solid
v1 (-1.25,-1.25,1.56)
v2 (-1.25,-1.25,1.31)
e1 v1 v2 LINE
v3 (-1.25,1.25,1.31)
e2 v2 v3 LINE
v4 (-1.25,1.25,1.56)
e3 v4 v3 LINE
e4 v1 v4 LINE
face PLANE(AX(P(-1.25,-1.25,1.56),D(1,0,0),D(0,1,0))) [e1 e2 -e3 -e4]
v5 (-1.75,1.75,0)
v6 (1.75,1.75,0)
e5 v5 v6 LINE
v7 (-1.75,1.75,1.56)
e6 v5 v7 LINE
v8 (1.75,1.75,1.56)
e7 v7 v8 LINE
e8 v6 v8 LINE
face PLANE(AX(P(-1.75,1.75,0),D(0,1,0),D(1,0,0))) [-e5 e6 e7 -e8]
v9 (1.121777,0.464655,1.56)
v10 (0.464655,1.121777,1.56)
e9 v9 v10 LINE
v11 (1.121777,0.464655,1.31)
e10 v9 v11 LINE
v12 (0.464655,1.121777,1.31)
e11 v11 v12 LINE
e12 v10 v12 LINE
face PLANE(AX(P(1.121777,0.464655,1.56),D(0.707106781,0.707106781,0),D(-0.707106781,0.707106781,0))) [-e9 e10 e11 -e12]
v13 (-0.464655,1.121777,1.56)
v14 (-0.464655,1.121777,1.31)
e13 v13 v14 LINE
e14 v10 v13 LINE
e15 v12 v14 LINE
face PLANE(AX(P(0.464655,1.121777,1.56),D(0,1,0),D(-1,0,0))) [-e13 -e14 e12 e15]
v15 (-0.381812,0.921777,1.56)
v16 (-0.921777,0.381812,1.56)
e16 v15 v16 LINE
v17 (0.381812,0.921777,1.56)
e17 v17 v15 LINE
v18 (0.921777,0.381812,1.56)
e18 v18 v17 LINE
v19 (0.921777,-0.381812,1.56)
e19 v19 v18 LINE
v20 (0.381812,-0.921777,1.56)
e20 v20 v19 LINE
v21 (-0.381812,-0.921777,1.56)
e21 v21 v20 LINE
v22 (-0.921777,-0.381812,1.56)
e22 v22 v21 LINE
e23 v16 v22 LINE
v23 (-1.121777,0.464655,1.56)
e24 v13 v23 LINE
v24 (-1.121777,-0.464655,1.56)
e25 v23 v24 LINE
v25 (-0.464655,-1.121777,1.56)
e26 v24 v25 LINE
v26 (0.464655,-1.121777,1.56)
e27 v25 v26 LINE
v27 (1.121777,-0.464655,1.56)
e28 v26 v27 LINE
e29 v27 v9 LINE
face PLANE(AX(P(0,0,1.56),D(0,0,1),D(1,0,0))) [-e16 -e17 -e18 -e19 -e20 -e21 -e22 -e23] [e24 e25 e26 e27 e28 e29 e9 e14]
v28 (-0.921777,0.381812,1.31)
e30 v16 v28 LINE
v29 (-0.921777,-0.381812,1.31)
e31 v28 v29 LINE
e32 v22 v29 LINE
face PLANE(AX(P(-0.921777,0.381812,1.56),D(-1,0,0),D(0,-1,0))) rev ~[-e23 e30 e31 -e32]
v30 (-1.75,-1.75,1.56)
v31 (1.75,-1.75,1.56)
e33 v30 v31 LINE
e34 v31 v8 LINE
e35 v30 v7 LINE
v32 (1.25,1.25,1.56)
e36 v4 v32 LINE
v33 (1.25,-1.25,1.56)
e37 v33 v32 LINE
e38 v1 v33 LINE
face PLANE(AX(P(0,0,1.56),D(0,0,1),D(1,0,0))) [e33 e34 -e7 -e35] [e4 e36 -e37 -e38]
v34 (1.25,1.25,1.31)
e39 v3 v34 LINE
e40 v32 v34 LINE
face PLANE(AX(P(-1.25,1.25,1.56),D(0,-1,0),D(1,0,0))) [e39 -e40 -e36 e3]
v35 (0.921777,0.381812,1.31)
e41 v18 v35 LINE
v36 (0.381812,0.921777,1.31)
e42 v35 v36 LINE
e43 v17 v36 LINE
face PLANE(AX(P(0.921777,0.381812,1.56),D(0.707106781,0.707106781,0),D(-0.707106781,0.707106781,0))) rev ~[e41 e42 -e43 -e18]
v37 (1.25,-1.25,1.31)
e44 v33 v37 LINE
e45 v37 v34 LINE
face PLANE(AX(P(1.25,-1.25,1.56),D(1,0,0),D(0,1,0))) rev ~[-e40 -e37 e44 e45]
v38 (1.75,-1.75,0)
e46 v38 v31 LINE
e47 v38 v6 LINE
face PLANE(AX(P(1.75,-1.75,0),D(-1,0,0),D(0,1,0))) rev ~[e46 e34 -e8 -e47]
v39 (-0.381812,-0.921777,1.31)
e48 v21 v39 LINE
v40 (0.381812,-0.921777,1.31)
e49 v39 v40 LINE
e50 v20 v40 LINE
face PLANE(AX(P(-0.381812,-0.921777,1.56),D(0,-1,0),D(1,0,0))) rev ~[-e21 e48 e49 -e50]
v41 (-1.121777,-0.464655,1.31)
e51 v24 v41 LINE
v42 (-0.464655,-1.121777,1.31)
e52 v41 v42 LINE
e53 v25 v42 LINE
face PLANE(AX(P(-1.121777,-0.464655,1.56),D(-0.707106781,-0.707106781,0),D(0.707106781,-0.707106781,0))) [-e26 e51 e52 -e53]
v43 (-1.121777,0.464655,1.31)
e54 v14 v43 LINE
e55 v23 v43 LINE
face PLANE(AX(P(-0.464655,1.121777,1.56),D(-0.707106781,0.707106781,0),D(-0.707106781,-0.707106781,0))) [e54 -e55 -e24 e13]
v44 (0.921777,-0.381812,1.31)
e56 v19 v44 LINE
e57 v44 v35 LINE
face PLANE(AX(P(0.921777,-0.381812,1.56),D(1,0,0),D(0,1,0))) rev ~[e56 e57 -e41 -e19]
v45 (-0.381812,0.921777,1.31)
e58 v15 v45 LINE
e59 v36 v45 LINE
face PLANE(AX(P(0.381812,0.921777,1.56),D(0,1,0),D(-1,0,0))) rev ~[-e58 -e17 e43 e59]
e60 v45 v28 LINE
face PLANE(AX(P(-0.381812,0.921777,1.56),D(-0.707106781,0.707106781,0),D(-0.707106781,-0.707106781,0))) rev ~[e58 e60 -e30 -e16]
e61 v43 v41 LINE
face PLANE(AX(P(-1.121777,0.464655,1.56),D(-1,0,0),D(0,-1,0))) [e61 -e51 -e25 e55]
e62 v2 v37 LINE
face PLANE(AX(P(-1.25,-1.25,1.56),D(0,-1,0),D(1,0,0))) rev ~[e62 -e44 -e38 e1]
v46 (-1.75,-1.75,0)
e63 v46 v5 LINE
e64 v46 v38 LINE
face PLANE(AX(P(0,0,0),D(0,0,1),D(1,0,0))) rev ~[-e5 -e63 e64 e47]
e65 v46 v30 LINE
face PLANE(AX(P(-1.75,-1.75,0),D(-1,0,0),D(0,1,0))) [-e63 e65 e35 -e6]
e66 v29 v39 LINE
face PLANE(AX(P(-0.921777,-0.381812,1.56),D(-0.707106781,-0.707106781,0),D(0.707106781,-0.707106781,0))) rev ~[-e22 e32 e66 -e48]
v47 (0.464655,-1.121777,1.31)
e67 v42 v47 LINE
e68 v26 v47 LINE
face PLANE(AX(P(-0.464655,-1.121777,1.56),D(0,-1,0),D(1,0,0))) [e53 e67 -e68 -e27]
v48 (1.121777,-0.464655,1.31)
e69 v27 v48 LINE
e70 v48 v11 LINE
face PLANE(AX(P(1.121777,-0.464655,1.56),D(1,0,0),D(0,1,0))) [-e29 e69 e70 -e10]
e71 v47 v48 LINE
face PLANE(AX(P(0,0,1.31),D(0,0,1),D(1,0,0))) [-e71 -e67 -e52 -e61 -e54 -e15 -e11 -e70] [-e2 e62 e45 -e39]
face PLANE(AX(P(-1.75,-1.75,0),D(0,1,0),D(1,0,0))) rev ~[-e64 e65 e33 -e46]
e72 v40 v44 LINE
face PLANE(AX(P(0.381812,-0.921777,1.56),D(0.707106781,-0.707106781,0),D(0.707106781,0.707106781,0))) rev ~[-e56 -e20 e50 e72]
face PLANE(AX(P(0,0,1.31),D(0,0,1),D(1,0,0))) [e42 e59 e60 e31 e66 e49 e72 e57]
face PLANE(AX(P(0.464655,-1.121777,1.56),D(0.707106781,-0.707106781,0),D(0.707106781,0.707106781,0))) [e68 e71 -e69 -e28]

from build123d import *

# Parameters (mm, degrees)
SKETCH1_W           = 3.5
SKETCH1_H           = 3.5
BOSS_EXTRUDE1_DEPTH = 1.56
SKETCH2_W           = 2.5
SKETCH2_H           = 2.5
CUT_EXTRUDE1_DEPTH  = 0.25
BOSS_EXTRUDE2_DEPTH = 0.25


with BuildPart() as part:
    # Sketch1 → Boss-Extrude1 (new body)
    with BuildSketch(Plane.XY):
        Rectangle(SKETCH1_W, SKETCH1_H)
    extrude(amount=BOSS_EXTRUDE1_DEPTH)

    # Sketch2 → Cut-Extrude1 (cut)
    with BuildSketch(Plane.XY.offset(1.56)):
        Rectangle(SKETCH2_W, SKETCH2_H)
    extrude(amount=-CUT_EXTRUDE1_DEPTH, mode=Mode.SUBTRACT)

    # Sketch3 → Boss-Extrude2 (add)
    with BuildSketch(Plane.XY.offset(1.56)):
        Polygon((-0.4646552, 1.121776886), (-1.121776886, 0.4646552), (-1.121776886, -0.4646552), (-0.4646552, -1.121776886), (0.4646552, -1.121776886), (1.121776886, -0.4646552), (1.121776886, 0.4646552), (0.4646552, 1.121776886), align=None)
        Polygon((-0.381812488, 0.921776886), (-0.921776886, 0.381812488), (-0.921776886, -0.381812488), (-0.381812488, -0.921776886), (0.381812488, -0.921776886), (0.921776886, -0.381812488), (0.921776886, 0.381812488), (0.381812488, 0.921776886), align=None, mode=Mode.SUBTRACT)
    extrude(amount=-BOSS_EXTRUDE2_DEPTH)


solid = part.part
